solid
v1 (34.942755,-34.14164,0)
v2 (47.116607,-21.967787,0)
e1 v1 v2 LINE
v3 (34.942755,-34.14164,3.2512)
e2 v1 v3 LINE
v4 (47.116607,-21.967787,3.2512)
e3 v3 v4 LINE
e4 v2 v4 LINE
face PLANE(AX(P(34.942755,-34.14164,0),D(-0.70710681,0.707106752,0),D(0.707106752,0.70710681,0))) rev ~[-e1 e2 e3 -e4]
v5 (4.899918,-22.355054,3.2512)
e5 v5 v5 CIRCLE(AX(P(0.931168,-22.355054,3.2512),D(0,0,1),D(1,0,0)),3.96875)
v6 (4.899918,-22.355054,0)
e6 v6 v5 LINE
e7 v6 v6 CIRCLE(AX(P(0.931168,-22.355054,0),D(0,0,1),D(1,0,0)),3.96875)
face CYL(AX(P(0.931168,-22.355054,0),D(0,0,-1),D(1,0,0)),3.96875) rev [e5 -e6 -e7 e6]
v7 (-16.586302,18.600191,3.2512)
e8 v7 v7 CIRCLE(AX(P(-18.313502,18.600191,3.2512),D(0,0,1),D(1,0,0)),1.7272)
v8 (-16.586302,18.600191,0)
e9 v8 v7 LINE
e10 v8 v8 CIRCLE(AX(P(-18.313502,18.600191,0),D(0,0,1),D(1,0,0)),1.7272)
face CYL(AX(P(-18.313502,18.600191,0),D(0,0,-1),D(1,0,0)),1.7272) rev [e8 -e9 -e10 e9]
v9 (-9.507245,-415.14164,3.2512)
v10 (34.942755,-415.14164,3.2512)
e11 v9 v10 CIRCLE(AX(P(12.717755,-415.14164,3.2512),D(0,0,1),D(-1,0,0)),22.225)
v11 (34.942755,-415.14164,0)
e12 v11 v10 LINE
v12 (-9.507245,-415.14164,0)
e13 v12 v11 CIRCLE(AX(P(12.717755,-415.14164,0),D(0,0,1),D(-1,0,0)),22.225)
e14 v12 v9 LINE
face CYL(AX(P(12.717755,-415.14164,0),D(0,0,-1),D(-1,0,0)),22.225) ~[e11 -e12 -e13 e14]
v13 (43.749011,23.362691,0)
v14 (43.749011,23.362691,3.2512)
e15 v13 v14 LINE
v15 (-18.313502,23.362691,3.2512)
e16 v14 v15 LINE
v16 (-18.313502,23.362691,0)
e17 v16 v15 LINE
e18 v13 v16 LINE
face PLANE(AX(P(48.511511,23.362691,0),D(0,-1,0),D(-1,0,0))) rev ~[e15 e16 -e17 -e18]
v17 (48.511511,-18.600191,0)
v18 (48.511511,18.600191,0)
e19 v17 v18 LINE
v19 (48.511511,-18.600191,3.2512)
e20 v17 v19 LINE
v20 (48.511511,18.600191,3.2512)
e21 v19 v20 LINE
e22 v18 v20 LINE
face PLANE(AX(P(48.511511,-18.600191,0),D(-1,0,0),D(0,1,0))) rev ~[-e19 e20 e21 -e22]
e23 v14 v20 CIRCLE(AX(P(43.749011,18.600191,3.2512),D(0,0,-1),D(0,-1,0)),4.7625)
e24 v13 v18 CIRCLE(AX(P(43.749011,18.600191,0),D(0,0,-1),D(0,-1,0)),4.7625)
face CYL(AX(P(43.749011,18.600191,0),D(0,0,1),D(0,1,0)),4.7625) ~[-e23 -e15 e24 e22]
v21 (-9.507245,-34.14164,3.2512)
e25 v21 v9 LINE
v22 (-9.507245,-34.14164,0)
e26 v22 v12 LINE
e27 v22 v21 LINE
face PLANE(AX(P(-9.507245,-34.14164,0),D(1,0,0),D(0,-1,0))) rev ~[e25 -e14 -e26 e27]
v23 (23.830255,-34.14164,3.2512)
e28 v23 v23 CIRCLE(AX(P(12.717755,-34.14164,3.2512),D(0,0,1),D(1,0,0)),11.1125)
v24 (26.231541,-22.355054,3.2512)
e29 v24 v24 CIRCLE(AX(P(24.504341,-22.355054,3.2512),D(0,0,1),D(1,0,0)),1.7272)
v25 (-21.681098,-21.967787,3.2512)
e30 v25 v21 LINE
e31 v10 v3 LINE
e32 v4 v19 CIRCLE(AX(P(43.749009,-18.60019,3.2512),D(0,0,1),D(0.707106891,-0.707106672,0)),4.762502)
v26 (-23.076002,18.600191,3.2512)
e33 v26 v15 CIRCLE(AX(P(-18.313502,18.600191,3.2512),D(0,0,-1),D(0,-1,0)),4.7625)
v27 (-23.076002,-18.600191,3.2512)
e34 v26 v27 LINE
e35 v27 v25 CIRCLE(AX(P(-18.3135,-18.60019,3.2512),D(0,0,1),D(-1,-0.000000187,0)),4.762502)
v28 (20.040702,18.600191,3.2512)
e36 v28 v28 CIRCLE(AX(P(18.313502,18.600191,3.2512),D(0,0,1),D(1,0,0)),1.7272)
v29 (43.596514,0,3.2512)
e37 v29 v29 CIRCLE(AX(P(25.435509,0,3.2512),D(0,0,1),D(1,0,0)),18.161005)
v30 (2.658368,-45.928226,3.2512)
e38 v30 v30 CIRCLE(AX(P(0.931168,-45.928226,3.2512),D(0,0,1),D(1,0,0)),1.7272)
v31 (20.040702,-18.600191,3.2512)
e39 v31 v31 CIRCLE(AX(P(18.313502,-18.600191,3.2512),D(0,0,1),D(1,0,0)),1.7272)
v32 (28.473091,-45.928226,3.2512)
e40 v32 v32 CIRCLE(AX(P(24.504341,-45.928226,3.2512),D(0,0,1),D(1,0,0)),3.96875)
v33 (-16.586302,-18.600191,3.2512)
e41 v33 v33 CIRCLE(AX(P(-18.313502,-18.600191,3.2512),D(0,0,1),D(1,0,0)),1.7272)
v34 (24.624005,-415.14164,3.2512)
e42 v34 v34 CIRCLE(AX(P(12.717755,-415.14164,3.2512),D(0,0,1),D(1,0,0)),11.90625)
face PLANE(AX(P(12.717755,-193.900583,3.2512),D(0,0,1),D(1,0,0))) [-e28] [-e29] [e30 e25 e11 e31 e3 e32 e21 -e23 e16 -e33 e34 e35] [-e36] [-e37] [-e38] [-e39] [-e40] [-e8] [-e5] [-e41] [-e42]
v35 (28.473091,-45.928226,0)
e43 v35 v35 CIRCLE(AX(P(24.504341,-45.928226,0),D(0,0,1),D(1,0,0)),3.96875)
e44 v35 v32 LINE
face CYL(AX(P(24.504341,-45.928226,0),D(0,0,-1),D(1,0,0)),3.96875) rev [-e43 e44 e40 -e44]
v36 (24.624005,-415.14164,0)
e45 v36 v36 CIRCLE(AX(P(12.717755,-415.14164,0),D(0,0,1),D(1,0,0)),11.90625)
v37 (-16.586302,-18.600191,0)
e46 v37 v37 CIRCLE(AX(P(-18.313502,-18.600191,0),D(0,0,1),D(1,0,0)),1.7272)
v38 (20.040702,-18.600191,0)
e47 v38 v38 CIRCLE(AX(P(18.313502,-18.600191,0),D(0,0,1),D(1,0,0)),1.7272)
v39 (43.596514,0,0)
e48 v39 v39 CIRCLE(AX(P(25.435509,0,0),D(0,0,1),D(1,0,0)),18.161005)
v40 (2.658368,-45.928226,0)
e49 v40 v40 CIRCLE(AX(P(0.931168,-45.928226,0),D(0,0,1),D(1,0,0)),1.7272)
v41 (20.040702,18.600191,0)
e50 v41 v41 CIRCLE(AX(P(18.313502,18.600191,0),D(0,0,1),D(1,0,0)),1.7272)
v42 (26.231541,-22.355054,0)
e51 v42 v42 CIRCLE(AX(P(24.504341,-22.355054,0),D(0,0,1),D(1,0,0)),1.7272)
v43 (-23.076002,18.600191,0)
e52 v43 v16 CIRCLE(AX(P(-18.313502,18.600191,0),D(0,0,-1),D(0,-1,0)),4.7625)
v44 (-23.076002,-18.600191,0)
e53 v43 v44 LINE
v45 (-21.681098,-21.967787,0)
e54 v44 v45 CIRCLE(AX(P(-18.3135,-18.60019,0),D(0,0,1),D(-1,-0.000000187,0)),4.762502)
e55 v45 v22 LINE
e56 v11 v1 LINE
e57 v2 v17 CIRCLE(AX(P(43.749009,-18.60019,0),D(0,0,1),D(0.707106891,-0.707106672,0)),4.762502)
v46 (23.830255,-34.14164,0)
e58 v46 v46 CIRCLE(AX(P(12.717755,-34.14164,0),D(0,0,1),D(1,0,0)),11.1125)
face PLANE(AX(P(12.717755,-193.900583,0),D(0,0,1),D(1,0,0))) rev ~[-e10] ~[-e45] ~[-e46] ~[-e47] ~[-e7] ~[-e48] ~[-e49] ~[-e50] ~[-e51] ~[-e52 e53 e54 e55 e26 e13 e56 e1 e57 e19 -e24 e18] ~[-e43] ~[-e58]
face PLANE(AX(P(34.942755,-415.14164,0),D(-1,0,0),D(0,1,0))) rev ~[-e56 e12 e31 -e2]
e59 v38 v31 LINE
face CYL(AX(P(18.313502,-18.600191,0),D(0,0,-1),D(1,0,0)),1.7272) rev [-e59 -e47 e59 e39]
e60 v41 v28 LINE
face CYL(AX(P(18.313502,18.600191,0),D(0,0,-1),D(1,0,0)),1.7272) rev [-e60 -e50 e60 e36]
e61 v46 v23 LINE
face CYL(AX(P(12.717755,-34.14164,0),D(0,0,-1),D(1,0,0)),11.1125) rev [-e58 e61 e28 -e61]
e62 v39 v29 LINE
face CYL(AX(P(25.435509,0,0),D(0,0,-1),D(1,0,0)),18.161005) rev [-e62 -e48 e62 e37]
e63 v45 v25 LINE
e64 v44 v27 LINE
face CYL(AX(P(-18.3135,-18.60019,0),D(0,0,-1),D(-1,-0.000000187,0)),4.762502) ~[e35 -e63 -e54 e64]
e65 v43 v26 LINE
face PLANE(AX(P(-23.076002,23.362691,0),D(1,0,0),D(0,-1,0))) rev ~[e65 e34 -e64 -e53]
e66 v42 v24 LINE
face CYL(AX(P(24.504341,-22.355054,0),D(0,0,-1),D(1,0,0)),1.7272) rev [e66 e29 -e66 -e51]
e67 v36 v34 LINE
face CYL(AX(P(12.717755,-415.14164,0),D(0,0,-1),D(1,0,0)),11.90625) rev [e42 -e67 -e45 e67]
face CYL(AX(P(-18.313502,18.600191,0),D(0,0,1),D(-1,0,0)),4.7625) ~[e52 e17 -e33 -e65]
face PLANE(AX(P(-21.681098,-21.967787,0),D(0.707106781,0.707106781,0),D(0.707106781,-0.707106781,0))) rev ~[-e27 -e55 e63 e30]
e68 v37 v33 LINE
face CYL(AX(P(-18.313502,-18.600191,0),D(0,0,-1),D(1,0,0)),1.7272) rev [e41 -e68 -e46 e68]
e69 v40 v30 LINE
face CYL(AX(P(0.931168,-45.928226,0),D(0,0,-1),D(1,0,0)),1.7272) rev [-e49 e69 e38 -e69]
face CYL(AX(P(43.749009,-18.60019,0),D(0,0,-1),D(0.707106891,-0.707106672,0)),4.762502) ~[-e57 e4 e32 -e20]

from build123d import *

# Parameters (mm, degrees)
F0_R     = 11.90625
F0_R_2   = 1.7272
F0_R_3   = 3.96875
F0_R_4   = 11.1125
F0_R_5   = 18.161005
F1_DEPTH = 3.2512
F2_R     = 4.7625


with BuildPart() as f1:
    # F0 (on Top) → F1 (new body)
    with BuildSketch(Plane.XY):
        with BuildLine():
            Line((-23.076002, 23.362691), (-23.076002, -18.600191))
            ThreePointArc((-23.076002, -18.600191), (-22.713478, -20.422721), (-21.681098, -21.967787))
            Line((-21.681098, -21.967787), (-9.507245, -34.14164))
            Line((-9.507245, -34.14164), (-9.507245, -415.14164))
            ThreePointArc((-9.507245, -415.14164), (12.717755, -437.36664), (34.942755, -415.14164))
            Line((34.942755, -415.14164), (34.942755, -34.14164))
            Line((34.942755, -34.14164), (47.116607, -21.967787))
            ThreePointArc((47.116607, -21.967787), (48.148987, -20.422721), (48.511511, -18.600191))
            Line((48.511511, -18.600191), (48.511511, 23.362691))
            Line((48.511511, 23.362691), (-23.076002, 23.362691))
        make_face()
        with Locations((12.717755, -415.14164)):
            Circle(F0_R, mode=Mode.SUBTRACT)
        with Locations((-18.313502, -18.600191)):
            Circle(F0_R_2, mode=Mode.SUBTRACT)
        with Locations((-18.313502, 18.600191)):
            Circle(F0_R_2, mode=Mode.SUBTRACT)
        with Locations((0.931168, -45.928226)):
            Circle(F0_R_2, mode=Mode.SUBTRACT)
        with Locations((0.931168, -22.355054)):
            Circle(F0_R_3, mode=Mode.SUBTRACT)
        with Locations((12.717755, -34.14164)):
            Circle(F0_R_4, mode=Mode.SUBTRACT)
        with Locations((24.504341, -45.928226)):
            Circle(F0_R_3, mode=Mode.SUBTRACT)
        with Locations((18.313502, -18.600191)):
            Circle(F0_R_2, mode=Mode.SUBTRACT)
        with Locations((18.313502, 18.600191)):
            Circle(F0_R_2, mode=Mode.SUBTRACT)
        with Locations((24.504341, -22.355054)):
            Circle(F0_R_2, mode=Mode.SUBTRACT)
        with Locations((25.435509, 0)):
            Circle(F0_R_5, mode=Mode.SUBTRACT)
    extrude(amount=F1_DEPTH)

    # F2
    f2_edges = [f1.edges().sort_by_distance(p)[0] for p in [
        (-23.076002, 23.362691, 1.6256),
        (48.511511, 23.362691, 1.6256),
    ]]
    fillet(f2_edges, radius=F2_R)


solid = f1.part
